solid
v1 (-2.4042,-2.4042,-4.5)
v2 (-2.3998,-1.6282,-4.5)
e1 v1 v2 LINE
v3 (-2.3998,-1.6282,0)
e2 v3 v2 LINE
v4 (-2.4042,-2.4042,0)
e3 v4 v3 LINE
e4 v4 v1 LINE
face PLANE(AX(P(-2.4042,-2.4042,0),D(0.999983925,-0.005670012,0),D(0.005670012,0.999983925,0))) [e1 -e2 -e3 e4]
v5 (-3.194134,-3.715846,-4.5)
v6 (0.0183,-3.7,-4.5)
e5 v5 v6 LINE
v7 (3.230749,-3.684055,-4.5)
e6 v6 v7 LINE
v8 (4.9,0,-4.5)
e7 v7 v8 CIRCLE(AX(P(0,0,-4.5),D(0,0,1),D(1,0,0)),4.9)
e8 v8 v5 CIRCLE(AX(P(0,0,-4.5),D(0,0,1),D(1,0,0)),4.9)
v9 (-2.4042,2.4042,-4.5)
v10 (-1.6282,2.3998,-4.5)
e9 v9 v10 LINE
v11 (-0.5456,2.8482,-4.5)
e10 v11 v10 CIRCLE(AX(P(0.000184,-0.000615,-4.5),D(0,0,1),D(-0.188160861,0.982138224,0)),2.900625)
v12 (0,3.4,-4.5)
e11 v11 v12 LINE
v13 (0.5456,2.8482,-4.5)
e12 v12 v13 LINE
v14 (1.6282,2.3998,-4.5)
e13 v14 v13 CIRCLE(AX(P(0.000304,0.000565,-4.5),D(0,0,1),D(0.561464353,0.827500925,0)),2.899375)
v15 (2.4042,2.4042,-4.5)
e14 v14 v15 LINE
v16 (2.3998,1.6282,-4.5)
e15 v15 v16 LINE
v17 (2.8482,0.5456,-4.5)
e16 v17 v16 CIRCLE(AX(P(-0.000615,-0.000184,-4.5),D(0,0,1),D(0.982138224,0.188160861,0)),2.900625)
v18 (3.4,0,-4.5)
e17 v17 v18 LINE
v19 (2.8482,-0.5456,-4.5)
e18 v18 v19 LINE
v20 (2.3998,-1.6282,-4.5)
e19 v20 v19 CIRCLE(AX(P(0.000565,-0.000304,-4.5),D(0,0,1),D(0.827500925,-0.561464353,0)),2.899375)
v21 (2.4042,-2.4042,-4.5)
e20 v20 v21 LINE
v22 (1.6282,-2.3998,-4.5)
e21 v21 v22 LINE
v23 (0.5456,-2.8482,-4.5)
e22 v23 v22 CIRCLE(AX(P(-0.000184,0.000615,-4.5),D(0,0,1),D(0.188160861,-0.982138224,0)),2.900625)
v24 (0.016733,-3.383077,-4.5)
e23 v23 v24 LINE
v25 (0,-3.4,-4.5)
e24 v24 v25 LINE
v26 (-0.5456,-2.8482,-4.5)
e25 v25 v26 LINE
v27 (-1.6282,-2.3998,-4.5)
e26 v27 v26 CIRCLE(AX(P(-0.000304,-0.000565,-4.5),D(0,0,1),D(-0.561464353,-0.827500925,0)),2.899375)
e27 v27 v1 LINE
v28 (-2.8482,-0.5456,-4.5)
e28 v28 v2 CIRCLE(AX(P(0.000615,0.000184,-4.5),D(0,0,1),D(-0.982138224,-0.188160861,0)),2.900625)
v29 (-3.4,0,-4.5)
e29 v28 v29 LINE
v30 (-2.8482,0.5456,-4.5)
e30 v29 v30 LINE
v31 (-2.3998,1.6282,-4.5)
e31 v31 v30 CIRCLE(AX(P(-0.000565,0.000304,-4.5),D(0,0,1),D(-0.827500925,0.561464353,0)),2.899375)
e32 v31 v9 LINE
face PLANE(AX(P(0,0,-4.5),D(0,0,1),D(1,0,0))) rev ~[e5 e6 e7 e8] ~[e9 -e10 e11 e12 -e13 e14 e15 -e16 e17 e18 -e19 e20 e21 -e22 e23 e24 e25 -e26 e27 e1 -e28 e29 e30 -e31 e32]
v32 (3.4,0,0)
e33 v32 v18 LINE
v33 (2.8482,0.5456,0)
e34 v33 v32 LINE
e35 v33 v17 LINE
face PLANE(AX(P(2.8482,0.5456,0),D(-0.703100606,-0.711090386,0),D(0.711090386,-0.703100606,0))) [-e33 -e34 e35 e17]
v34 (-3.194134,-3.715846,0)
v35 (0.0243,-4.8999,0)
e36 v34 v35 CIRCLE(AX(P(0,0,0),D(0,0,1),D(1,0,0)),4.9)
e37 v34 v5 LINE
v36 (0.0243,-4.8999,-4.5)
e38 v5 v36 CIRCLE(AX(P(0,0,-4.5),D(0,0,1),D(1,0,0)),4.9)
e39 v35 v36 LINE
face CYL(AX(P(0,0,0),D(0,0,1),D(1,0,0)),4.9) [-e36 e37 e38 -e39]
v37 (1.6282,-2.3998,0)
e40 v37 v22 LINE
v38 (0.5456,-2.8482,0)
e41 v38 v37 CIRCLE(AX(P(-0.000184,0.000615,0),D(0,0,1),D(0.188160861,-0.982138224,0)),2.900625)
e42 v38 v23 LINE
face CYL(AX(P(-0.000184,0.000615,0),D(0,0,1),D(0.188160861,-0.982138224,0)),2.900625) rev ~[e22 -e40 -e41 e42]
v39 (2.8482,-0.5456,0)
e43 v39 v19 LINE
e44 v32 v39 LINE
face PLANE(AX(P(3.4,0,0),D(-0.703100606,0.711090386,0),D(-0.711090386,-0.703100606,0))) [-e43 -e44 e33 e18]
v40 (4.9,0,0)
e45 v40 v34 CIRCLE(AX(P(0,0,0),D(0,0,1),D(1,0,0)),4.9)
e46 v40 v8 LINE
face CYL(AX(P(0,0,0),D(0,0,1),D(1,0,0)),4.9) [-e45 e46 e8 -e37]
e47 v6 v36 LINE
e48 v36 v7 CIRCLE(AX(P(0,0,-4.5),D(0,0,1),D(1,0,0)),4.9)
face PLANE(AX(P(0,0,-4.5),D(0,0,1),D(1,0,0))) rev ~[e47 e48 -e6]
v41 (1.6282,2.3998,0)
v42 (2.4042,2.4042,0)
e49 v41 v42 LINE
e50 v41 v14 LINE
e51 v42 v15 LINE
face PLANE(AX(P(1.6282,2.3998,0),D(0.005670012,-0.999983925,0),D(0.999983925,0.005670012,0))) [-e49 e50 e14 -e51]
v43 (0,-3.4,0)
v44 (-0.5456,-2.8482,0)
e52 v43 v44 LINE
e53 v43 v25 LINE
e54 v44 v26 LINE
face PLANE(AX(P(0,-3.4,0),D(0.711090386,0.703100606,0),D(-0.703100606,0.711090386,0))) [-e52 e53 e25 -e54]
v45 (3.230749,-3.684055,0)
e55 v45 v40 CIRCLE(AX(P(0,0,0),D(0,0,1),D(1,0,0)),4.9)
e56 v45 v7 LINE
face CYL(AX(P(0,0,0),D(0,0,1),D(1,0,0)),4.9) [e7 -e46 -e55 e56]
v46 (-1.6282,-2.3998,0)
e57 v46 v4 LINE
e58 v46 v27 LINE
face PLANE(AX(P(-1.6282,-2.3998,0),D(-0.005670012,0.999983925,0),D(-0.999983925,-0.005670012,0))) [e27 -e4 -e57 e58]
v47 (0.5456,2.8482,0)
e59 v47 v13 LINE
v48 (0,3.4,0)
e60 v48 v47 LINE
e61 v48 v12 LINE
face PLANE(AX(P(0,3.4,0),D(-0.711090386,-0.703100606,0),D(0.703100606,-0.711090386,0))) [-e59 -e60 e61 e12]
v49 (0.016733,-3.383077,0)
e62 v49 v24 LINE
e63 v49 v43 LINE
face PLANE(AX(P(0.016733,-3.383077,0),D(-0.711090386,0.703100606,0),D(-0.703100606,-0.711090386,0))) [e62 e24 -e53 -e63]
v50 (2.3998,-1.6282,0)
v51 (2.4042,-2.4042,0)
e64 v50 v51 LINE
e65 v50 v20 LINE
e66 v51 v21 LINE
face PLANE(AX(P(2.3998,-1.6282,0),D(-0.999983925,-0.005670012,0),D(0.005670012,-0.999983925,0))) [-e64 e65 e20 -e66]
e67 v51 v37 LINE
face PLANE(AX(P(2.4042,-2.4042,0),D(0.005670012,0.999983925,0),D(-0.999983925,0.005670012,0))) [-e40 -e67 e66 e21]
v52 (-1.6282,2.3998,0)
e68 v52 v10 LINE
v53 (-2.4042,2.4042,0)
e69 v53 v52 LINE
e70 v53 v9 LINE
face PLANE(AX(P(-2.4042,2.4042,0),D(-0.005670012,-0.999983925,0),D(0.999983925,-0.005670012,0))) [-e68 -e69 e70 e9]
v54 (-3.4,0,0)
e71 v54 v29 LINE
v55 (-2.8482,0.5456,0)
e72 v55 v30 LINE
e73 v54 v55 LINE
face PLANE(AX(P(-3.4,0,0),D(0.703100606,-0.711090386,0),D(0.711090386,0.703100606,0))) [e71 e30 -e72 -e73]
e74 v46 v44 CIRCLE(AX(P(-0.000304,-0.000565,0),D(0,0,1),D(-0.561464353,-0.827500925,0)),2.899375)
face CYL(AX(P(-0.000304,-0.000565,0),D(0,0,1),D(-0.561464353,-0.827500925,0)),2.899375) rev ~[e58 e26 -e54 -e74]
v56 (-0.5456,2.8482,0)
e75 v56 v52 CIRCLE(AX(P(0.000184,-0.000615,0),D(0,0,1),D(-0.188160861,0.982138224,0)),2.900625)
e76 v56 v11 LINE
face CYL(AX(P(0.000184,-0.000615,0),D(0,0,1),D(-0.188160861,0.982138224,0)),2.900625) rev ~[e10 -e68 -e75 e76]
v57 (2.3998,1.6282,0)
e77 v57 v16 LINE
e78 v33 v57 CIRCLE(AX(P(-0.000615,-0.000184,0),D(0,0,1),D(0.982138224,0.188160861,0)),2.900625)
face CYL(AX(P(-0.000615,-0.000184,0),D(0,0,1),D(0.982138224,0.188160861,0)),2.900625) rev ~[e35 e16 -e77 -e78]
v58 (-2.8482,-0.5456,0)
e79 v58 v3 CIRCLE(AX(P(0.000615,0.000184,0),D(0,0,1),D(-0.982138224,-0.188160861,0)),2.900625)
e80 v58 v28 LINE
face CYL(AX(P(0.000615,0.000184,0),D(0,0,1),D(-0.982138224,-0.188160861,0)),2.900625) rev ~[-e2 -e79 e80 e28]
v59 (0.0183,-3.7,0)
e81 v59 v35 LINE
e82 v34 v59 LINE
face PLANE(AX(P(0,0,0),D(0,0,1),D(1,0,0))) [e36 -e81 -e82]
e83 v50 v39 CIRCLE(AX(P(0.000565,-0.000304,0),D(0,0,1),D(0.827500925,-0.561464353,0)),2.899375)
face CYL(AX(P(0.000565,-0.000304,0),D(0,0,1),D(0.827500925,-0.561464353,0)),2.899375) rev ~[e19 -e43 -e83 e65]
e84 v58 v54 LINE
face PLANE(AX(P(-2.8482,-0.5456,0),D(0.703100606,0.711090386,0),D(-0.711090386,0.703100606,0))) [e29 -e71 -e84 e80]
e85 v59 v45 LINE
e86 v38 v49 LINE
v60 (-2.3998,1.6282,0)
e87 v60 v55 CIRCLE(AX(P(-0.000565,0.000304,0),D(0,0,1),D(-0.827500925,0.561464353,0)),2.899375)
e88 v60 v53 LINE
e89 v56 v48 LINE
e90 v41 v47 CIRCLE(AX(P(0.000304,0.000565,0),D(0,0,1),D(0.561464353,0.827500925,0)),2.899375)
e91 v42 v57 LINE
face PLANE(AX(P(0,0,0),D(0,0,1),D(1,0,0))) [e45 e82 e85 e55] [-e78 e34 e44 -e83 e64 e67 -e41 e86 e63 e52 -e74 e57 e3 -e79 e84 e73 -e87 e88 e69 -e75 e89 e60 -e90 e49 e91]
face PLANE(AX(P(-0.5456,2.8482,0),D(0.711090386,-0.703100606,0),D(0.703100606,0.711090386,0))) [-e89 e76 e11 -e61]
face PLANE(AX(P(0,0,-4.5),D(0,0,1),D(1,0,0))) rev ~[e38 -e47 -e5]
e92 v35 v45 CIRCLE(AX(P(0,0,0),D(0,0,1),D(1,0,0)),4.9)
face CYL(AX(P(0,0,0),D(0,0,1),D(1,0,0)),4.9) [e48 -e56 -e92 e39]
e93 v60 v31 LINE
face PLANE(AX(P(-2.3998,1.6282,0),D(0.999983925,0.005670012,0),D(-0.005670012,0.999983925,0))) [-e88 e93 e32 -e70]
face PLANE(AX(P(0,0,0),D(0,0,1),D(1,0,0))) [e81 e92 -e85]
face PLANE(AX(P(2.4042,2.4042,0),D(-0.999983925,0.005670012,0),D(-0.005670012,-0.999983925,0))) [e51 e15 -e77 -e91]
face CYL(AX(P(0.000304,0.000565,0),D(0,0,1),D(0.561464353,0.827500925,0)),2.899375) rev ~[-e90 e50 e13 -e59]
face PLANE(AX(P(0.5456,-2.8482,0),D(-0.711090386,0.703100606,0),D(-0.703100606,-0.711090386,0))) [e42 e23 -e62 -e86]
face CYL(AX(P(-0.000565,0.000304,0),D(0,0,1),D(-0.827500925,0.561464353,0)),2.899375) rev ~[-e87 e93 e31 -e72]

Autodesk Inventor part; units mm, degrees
ref_plane "YZ Plane" through (0, 0, 0) normal (1, 0, 0) x (0, 1, 0)
ref_plane "XZ Plane" through (0, 0, 0) normal (0, 1, 0) x (-1, 0, 0)
sketch "Sketch1" plane through (0, 0, 0) normal (0, 0, 1) x (1, 0, 0)
  line L0 (-2.3998, 1.6282) -> (-2.4042, 2.4042) projected
  arc A0 (-2.3998, 1.6282) -> (-2.8482, 0.5456) centre (0, 0) ccw projected
  line L1 (-3.4, 0) -> (-2.8482, 0.5456) projected
  line L2 (-2.8482, -0.5456) -> (-3.4, 0) projected
  arc A1 (-2.8482, -0.5456) -> (-2.3998, -1.6282) centre (0, 0) ccw projected
  line L3 (-2.4042, -2.4042) -> (-2.3998, -1.6282) projected
  line L4 (-1.6282, -2.3998) -> (-2.4042, -2.4042) projected
  arc A2 (-1.6282, -2.3998) -> (-0.5456, -2.8482) centre (0, 0) ccw projected
  line L5 (0, -3.4) -> (-0.5456, -2.8482) projected
  line L6 (0.5456, -2.8482) -> (0, -3.4) projected
  arc A3 (0.5456, -2.8482) -> (1.6282, -2.3998) centre (0, 0) ccw projected
  line L7 (2.4042, -2.4042) -> (1.6282, -2.3998) projected
  line L8 (2.3998, -1.6282) -> (2.4042, -2.4042) projected
  arc A4 (2.3998, -1.6282) -> (2.8482, -0.5456) centre (0, 0) ccw projected
  line L9 (3.4, 0) -> (2.8482, -0.5456) projected
  line L10 (2.8482, 0.5456) -> (3.4, 0) projected
  arc A5 (2.8482, 0.5456) -> (2.3998, 1.6282) centre (0, 0) ccw projected
  line L11 (2.4042, 2.4042) -> (2.3998, 1.6282) projected
  line L12 (1.6282, 2.3998) -> (2.4042, 2.4042) projected
  arc A6 (1.6282, 2.3998) -> (0.5456, 2.8482) centre (0, 0) ccw projected
  line L13 (0, 3.4) -> (0.5456, 2.8482) projected
  line L14 (-0.5456, 2.8482) -> (0, 3.4) projected
  arc A7 (-0.5456, 2.8482) -> (-1.6282, 2.3998) centre (0, 0) ccw projected
  line L15 (-2.4042, 2.4042) -> (-1.6282, 2.3998) projected
  circle A8 centre (0, 0) radius 1 projected
  circle A9 centre (0, 0) radius 2.9
  circle A10 centre (0, 0) radius 1.1 projected
  line L16 (-12.5394, 7.938) -> (-12.4815, -3.7618) projected
  line L17 (-12.4815, -3.7618) -> (12.5182, -3.6381) projected
  line L18 (12.5182, -3.6381) -> (12.4603, 8.0618) projected
  line L19 (12.4603, 8.0618) -> (-12.5394, 7.938) projected
  circle A11 centre (8.485, 3.042) radius 3 projected
  circle A12 centre (-8.5147, 2.9579) radius 3 projected
  line L20 (0, 0) -> (0.0183, -3.7)
  line L21 (0.0183, -3.7) -> (0.0243, -4.8999)
  circle A13 centre (0, 0) radius 4.9
  point P0 (0, 0)
  dimension "d0" = 1.2
ref_plane "Work Plane1" through (-3.4, -3.4, -4.5) normal (0, 0, -1) x (0, 1, 0)
extrude "Extrusion1" add sketch "Sketch1" against normal up to surface (4.5 mm away) contours L17 A13 | L17 A13 L21 | L21 A13 L17
properties part number "oponka"
